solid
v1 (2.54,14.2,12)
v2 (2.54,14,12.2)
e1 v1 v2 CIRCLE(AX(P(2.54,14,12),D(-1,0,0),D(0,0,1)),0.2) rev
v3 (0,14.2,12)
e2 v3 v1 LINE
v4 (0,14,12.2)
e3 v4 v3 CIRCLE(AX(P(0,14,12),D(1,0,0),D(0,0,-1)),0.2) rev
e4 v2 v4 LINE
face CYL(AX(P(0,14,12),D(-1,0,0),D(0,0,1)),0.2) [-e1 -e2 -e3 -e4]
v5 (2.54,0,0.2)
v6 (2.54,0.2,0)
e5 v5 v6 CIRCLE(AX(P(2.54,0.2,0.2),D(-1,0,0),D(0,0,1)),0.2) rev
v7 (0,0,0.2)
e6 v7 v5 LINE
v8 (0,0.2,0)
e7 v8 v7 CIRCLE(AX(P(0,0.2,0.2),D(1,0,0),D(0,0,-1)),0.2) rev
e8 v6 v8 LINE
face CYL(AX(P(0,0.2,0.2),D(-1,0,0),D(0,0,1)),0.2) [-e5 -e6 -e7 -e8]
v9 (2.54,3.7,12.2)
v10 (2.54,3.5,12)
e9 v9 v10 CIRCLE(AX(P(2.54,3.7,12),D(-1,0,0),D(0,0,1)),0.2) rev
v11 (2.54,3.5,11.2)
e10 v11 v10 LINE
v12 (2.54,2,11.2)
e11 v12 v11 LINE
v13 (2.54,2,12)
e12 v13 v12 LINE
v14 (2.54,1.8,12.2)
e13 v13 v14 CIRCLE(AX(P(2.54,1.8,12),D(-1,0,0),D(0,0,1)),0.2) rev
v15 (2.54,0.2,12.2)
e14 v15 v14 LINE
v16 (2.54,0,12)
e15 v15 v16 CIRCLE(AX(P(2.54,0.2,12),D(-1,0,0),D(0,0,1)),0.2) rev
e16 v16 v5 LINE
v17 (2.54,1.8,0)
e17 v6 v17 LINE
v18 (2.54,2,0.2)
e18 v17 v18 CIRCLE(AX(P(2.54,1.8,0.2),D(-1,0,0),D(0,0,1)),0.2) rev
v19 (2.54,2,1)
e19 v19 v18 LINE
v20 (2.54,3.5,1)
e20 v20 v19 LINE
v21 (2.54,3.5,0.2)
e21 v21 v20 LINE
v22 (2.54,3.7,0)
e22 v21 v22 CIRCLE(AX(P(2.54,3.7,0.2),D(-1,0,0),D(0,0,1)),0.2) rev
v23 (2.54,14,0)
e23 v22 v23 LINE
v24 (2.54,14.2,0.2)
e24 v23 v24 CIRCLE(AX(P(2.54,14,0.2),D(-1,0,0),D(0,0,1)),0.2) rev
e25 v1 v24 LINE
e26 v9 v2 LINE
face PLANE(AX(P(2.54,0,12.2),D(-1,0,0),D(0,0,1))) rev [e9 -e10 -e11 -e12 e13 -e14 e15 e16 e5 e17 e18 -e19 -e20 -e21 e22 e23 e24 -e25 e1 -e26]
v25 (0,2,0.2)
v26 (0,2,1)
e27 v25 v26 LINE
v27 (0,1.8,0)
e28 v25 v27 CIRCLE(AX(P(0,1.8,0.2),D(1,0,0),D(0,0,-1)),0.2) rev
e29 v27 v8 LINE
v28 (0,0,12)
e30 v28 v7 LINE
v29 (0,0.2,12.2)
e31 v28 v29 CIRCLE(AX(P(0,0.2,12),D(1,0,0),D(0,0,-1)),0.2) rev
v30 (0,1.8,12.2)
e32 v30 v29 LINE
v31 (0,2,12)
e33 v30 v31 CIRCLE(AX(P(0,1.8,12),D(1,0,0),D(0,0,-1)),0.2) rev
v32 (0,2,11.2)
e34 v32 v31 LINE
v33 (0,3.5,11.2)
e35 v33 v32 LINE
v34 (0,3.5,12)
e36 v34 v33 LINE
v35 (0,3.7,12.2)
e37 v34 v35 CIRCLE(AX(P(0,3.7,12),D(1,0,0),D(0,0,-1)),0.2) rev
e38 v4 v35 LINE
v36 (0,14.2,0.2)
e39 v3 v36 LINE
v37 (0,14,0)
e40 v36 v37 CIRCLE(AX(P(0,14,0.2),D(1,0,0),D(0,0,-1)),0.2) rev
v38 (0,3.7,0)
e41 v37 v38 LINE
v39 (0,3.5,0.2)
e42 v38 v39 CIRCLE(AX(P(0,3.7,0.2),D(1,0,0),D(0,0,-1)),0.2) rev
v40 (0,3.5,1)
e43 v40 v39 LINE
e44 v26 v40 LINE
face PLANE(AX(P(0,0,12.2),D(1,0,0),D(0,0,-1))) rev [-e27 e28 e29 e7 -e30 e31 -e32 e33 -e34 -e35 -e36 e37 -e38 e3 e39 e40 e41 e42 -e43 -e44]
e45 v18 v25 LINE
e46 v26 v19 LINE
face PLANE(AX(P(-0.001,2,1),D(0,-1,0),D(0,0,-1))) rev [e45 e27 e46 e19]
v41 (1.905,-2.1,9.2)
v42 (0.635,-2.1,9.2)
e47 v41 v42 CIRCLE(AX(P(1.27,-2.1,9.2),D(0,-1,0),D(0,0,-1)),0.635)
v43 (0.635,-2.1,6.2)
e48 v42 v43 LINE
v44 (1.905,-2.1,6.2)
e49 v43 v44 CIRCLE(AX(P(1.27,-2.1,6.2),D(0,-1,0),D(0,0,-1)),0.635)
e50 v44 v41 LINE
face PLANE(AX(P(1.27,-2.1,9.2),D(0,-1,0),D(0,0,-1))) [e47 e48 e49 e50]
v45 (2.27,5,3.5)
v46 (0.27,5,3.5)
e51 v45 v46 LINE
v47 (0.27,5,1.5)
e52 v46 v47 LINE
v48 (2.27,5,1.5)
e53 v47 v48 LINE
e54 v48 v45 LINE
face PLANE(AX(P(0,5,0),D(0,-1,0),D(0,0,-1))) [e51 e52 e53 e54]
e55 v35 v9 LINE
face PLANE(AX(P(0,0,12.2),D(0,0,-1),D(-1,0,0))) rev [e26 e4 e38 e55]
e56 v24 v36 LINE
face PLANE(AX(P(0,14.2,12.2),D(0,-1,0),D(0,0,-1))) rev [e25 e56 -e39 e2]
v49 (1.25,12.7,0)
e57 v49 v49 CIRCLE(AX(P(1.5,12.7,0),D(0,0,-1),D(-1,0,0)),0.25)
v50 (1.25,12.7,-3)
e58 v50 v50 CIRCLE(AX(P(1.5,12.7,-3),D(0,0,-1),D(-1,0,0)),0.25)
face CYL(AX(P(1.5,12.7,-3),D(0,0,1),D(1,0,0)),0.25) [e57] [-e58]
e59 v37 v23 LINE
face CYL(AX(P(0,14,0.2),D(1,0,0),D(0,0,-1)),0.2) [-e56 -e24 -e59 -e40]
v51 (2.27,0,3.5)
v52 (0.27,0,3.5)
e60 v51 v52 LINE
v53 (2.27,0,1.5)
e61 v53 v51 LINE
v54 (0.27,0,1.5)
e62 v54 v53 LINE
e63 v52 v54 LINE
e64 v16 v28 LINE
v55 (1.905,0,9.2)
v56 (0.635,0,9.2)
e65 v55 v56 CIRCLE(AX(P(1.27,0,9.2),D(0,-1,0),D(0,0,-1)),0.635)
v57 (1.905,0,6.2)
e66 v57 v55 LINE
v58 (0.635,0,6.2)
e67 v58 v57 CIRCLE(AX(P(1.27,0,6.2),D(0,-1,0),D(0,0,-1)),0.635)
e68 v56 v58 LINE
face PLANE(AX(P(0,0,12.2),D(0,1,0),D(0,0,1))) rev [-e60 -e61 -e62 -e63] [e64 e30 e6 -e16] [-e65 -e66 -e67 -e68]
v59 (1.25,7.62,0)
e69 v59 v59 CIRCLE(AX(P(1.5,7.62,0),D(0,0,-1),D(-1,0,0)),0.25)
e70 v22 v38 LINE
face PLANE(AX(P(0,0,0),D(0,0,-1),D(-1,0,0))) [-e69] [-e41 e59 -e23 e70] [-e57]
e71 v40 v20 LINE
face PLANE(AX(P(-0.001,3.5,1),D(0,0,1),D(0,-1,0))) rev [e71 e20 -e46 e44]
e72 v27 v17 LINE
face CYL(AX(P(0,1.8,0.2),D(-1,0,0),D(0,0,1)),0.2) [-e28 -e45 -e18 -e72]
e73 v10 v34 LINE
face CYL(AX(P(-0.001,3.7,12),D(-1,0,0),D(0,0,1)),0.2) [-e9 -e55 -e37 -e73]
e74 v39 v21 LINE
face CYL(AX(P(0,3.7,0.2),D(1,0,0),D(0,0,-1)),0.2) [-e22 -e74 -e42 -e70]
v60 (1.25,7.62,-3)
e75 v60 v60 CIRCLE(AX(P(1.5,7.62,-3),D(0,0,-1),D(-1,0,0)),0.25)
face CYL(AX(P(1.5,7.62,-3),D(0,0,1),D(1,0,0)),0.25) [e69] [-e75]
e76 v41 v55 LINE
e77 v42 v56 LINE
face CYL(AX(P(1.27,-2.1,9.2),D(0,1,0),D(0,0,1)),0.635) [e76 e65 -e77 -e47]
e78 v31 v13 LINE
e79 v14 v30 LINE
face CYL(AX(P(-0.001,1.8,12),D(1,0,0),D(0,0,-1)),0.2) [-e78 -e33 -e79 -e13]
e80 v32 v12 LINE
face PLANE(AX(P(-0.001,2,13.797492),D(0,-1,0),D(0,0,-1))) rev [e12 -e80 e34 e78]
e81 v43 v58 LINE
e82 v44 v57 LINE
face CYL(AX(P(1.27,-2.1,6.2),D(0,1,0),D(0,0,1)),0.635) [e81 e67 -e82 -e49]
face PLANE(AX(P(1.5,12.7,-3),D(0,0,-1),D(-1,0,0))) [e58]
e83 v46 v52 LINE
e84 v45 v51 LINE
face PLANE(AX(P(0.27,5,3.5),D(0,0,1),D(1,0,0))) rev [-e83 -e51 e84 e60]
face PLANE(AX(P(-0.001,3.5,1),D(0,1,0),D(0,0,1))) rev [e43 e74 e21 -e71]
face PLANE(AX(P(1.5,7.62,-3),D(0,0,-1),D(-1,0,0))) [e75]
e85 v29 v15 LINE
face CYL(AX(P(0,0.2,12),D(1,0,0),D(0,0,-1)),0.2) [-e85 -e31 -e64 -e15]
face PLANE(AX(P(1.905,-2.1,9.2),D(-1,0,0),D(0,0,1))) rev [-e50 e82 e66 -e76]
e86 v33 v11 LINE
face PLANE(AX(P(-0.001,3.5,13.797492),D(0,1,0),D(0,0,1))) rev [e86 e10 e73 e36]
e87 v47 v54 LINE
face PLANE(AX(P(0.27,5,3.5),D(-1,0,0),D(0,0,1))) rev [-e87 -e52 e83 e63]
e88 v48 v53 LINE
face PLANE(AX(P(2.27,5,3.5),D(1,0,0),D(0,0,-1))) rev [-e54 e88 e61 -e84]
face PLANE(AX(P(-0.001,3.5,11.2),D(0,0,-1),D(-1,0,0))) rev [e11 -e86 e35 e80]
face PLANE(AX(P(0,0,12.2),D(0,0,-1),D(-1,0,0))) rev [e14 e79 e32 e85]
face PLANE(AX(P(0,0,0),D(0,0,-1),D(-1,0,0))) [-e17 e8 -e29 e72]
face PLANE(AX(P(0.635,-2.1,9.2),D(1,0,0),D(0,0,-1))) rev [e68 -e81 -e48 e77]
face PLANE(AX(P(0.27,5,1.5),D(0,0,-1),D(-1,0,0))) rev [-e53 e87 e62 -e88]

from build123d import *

# Parameters (mm, degrees)
SKETCH_1_W          = 2.54
SKETCH_1_H          = 14.2
EXTRUDE_1_DEPTH     = 12.2
SKETCH_2_R          = 0.25
EXTRUDE_2_DEPTH     = 3
EXTRUDE_3_DEPTH     = 2.1
SKETCH_4_W          = 2
SKETCH_4_H          = 2
CUT_EXTRUDE_1_DEPTH = 5
CUT_EXTRUDE_2_REACH = 20.893
SKETCH_5_W          = 2.597491907
SKETCH_5_H          = 1.5
SKETCH_5_W_2        = 2.655260115
FILLET_1_R          = 0.2


with BuildPart() as part:
    # 草图1 → 凸台-拉伸1 (new body)
    with BuildSketch(Plane.XY):
        with Locations((1.27, 7.1)):
            Rectangle(SKETCH_1_W, SKETCH_1_H)
    extrude(amount=EXTRUDE_1_DEPTH)

    # 草图2 → 凸台-拉伸2 (add)
    with BuildSketch(Plane(origin=(0, 0, 0), x_dir=(-1, 0, 0), z_dir=(0, 0, -1))):
        with Locations((-1.5, 12.7)):
            Circle(SKETCH_2_R)
        with Locations((-1.5, 7.62)):
            Circle(SKETCH_2_R)
    extrude(amount=EXTRUDE_2_DEPTH)

    # 草图3 → 凸台-拉伸3 (add)
    with BuildSketch(Plane(origin=(0, 0, 0), x_dir=(-1, 0, 0), z_dir=(0, -1, 0))):
        with BuildLine():
            Line((-1.905, -9.2), (-1.905, -6.2))
            ThreePointArc((-1.905, -6.2), (-1.27, -5.565), (-0.635, -6.2))
            Line((-0.635, -6.2), (-0.635, -9.2))
            ThreePointArc((-0.635, -9.2), (-1.27, -9.835), (-1.905, -9.2))
        make_face()
    extrude(amount=EXTRUDE_3_DEPTH)

    # 草图4 → 切除-拉伸1 (cut)
    with BuildSketch(Plane.XZ):
        with Locations((1.27, 2.5)):
            Rectangle(SKETCH_4_W, SKETCH_4_H)
    extrude(amount=-CUT_EXTRUDE_1_DEPTH, mode=Mode.SUBTRACT)

    # 草图5 → 切除-拉伸2 (cut, up to next)
    with BuildSketch(Plane(origin=(2.54, 0, 0), x_dir=(0, 0, -1), z_dir=(1, 0, 0)), mode=Mode.PRIVATE) as cut_extrude_2_sk1:
        with Locations((-12.498745954, 2.75)):
            Rectangle(SKETCH_5_W, SKETCH_5_H)
    cut_extrude_2_tool1 = extrude(cut_extrude_2_sk1.sketch, amount=-CUT_EXTRUDE_2_REACH, mode=Mode.PRIVATE) & part.part
    # 草图5 → 切除-拉伸2 (cut, up to next)
    with BuildSketch(Plane(origin=(2.54, 0, 0), x_dir=(0, 0, -1), z_dir=(1, 0, 0)), mode=Mode.PRIVATE) as cut_extrude_2_sk2:
        with Locations((0.327630058, 2.75)):
            Rectangle(SKETCH_5_W_2, SKETCH_5_H)
    cut_extrude_2_tool2 = extrude(cut_extrude_2_sk2.sketch, amount=-CUT_EXTRUDE_2_REACH, mode=Mode.PRIVATE) & part.part
    add(cut_extrude_2_tool1.solids().sort_by_distance((2.54, 2.75, 12.498746))[0], mode=Mode.SUBTRACT)
    add(cut_extrude_2_tool2.solids().sort_by_distance((2.54, 2.75, -0.32763))[0], mode=Mode.SUBTRACT)

    # 圆角1
    fillet_1_edges = [part.edges().sort_by_distance(p)[0] for p in [
        (1.27, 14.2, 12.2),
        (1.27, 14.2, 0),
        (1.27, 0, 0),
        (1.27, 3.5, 12.2),
        (1.27, 2, 12.2),
        (1.27, 3.5, 0),
        (1.27, 2, 0),
        (1.27, 0, 12.2),
    ]]
    fillet(fillet_1_edges, radius=FILLET_1_R)


solid = part.part
